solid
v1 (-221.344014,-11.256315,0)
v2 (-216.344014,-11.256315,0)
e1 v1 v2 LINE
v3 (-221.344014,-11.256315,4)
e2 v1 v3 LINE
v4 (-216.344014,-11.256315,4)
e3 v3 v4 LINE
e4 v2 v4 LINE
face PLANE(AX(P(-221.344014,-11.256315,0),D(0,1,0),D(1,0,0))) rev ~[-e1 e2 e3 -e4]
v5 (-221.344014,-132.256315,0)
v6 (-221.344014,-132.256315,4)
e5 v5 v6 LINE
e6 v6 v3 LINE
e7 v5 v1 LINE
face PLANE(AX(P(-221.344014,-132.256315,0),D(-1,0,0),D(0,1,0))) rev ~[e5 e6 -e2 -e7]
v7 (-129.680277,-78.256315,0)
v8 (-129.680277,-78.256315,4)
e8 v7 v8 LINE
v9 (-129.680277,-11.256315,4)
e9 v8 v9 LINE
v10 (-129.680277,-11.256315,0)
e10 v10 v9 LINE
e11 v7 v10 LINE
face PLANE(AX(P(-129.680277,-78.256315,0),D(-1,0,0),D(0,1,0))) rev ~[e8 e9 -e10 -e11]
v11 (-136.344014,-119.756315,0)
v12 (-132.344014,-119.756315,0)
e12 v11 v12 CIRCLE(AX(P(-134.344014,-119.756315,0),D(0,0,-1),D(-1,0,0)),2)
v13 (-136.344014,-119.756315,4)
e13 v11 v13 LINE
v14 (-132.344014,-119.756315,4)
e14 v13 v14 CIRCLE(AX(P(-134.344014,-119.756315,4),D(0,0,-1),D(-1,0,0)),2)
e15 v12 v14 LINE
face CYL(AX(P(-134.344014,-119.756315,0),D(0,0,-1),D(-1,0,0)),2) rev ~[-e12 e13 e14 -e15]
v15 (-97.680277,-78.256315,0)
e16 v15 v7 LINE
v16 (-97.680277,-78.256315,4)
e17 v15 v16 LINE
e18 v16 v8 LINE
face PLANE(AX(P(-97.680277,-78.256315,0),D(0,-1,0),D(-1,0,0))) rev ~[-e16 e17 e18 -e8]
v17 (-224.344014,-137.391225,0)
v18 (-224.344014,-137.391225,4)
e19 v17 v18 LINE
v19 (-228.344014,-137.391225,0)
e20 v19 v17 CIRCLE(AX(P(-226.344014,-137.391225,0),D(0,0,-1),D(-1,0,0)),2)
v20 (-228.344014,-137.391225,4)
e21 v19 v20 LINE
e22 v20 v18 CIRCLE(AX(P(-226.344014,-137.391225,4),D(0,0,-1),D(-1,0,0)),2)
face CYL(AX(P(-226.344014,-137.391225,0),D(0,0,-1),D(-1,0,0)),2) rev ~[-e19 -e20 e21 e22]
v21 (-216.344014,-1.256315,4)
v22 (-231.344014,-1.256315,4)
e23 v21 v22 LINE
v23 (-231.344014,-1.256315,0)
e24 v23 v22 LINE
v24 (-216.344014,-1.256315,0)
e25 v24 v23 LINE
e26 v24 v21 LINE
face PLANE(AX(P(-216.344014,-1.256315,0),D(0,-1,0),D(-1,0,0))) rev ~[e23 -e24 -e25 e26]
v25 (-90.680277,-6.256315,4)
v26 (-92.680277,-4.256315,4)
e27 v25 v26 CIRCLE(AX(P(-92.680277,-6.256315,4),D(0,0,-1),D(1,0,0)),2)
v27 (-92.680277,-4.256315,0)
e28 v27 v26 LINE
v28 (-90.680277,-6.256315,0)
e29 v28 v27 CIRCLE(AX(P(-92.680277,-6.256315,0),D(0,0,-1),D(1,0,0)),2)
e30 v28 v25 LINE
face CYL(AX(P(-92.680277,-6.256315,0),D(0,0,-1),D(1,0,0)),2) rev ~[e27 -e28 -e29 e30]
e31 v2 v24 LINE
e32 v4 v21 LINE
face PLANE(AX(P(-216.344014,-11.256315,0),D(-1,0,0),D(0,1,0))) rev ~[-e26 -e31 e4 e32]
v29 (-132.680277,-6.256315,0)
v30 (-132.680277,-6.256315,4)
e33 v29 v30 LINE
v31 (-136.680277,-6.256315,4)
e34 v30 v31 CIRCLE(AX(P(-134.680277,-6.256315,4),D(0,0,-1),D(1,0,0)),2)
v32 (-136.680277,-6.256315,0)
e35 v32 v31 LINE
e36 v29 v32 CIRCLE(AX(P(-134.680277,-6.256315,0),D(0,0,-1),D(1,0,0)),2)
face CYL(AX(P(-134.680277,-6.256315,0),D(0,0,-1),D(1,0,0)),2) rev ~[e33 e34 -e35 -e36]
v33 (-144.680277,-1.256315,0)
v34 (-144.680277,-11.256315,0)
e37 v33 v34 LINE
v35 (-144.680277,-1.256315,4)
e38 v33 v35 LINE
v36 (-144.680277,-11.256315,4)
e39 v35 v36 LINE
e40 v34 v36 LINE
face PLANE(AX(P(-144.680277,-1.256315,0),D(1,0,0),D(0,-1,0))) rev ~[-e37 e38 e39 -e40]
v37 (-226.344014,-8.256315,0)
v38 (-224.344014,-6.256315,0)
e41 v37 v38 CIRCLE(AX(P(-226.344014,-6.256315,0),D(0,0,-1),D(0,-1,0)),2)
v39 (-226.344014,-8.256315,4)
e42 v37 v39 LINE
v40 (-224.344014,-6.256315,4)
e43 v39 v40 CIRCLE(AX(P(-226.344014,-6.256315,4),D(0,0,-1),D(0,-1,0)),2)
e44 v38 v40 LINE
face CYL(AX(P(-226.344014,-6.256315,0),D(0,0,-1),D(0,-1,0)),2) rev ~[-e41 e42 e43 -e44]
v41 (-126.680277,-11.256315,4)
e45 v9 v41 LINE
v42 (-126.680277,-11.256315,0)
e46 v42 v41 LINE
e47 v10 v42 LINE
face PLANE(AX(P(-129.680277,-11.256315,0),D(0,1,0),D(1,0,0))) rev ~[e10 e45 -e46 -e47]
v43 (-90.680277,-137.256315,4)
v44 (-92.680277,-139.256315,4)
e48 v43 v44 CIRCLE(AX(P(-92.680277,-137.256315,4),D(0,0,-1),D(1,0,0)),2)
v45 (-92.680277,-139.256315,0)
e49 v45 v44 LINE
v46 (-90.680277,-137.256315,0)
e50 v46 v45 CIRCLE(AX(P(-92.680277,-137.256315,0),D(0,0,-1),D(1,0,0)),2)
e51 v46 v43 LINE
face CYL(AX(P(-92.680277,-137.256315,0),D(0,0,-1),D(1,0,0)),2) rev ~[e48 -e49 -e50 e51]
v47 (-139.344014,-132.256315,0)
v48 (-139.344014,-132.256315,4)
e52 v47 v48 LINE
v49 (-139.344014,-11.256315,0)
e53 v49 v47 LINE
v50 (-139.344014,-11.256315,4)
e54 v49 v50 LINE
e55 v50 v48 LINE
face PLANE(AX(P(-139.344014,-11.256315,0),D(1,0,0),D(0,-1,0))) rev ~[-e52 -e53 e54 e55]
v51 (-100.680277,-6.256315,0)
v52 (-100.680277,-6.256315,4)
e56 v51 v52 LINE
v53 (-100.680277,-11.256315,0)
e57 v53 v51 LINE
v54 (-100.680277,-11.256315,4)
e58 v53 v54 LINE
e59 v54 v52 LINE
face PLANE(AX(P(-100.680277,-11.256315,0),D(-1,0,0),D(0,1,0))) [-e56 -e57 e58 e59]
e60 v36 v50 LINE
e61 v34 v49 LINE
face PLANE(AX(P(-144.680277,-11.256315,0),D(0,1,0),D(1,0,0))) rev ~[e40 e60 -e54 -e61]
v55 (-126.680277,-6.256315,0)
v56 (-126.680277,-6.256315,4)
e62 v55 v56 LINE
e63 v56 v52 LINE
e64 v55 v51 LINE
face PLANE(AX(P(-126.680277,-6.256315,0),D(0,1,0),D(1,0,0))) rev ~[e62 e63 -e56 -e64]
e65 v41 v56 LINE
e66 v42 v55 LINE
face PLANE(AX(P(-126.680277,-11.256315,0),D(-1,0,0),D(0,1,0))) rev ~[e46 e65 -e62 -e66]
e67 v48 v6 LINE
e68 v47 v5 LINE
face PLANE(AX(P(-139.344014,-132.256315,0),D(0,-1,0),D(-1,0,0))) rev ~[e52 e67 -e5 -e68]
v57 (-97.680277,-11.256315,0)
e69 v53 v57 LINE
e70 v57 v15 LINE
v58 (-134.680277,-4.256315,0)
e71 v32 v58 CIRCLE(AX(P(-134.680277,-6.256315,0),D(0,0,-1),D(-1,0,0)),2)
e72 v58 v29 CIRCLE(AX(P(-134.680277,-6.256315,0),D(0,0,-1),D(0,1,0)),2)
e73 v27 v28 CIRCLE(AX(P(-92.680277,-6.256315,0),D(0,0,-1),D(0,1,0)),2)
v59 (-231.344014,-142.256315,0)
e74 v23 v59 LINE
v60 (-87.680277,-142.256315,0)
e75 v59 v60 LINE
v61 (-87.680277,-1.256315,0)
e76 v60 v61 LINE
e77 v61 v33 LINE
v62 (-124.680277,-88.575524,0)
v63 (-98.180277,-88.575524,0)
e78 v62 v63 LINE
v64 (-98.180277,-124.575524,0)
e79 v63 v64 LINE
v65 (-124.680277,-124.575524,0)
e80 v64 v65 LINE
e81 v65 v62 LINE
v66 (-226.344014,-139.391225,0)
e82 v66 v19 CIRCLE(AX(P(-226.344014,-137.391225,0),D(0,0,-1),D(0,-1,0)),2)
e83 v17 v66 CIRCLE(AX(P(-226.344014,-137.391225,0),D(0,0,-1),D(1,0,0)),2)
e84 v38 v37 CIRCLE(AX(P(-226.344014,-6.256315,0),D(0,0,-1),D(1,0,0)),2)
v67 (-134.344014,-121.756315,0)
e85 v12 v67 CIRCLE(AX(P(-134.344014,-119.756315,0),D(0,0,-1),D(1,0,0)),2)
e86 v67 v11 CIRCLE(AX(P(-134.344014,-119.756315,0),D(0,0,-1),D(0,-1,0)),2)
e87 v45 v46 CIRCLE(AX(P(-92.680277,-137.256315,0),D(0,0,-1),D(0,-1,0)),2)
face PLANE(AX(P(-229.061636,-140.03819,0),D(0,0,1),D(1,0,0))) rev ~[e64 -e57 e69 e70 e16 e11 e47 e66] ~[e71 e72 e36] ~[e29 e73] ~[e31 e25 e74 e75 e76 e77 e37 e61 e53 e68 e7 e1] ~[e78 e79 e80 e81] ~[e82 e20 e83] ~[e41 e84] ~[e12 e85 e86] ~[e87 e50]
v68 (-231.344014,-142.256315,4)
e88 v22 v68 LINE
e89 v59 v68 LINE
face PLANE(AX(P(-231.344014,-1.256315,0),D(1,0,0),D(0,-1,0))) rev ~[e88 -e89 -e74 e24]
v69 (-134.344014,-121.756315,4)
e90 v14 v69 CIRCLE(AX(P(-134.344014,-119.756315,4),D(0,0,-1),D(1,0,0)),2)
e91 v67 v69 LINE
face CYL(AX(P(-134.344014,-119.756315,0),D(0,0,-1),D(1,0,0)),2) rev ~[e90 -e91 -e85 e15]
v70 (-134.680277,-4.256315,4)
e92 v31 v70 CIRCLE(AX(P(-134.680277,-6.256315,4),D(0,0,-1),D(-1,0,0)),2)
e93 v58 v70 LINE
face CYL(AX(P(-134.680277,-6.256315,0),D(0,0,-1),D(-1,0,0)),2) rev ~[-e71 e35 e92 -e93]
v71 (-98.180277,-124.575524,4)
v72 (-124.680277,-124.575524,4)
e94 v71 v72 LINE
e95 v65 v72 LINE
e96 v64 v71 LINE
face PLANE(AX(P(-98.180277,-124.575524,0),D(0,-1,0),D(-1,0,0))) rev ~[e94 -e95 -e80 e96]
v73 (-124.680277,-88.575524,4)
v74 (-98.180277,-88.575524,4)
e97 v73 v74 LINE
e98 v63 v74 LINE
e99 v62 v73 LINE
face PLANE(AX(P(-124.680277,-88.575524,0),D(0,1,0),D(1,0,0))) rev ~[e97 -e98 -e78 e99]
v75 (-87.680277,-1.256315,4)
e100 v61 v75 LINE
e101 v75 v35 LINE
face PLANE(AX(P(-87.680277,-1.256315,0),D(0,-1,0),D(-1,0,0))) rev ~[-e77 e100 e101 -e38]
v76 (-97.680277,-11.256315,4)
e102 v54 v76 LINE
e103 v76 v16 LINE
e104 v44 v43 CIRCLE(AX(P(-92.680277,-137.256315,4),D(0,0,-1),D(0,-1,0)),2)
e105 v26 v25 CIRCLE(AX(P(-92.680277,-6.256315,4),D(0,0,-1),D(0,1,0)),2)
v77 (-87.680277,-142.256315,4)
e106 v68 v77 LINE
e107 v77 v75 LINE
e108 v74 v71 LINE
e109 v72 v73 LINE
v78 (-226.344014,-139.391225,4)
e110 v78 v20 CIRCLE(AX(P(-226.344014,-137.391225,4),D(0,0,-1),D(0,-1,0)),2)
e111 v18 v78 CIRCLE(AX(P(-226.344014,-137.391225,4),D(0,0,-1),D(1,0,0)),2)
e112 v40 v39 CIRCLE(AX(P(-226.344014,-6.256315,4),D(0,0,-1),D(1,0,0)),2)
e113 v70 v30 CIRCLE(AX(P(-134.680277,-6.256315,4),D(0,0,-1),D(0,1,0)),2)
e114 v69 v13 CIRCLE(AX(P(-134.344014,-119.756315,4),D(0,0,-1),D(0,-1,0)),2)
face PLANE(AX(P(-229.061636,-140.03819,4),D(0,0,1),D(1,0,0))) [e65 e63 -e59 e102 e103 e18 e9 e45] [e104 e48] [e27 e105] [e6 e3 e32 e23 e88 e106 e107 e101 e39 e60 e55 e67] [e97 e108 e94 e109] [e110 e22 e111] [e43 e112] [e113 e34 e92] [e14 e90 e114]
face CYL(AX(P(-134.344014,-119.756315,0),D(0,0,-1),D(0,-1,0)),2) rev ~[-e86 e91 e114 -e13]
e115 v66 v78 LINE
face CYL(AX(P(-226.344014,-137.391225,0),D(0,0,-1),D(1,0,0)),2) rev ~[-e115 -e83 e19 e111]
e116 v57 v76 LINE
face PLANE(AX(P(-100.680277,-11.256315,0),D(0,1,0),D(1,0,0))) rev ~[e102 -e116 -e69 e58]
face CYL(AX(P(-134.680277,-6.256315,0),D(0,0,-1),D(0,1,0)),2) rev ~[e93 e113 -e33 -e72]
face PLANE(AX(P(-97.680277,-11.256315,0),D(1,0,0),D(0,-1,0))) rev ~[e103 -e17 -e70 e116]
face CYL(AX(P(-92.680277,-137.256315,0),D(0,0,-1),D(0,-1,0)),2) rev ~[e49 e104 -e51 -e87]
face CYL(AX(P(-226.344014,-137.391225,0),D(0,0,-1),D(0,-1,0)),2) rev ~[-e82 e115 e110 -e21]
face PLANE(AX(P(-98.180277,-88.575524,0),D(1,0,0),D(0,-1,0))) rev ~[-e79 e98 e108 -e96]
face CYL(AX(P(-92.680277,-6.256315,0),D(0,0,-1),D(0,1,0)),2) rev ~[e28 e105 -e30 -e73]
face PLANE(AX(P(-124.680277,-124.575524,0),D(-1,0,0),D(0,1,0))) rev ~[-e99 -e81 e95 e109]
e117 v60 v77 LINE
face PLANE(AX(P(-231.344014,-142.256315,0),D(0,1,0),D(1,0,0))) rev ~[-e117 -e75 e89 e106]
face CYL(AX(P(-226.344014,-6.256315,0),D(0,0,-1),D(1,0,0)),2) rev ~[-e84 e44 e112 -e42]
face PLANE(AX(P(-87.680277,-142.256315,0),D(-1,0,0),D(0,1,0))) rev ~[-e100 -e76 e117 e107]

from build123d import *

# Parameters (mm, degrees)
F0_W     = 3
F0_H     = 5
F1_DEPTH = 4


with BuildPart() as f1:
    # F0 (on Top) → F1 (new body)
    with BuildSketch(Plane.XY):
        with BuildLine():
            Line((-228.3440142274, -137.3912245035), (-231.3440142274, -137.3912245035))
            Line((-231.3440142274, -137.3912245035), (-231.3440142274, -142.256315279))
            Line((-231.3440142274, -142.256315279), (-226.3440142274, -142.256315279))
            Line((-226.3440142274, -142.256315279), (-226.3440142274, -139.3912245035))
            ThreePointArc((-226.3440142274, -139.3912245035), (-227.7582277898, -138.8054380659), (-228.3440142274, -137.3912245035))
        make_face()
        with BuildLine():
            Line((-87.6802765131, -142.256315279), (-87.6802765131, -137.256315279))
            Line((-87.6802765131, -137.256315279), (-90.6802765131, -137.256315279))
            ThreePointArc((-90.6802765131, -137.256315279), (-91.2660629507, -138.6705288414), (-92.6802765131, -139.256315279))
            Line((-92.6802765131, -139.256315279), (-92.6802765131, -142.256315279))
            Line((-92.6802765131, -142.256315279), (-87.6802765131, -142.256315279))
        make_face()
        with BuildLine():
            Line((-87.6802765131, -1.256315279), (-92.6802765131, -1.256315279))
            Line((-92.6802765131, -1.256315279), (-92.6802765131, -4.256315279))
            ThreePointArc((-92.6802765131, -4.256315279), (-91.2660629507, -4.8421017166), (-90.6802765131, -6.256315279))
            Line((-90.6802765131, -6.256315279), (-87.6802765131, -6.256315279))
            Line((-87.6802765131, -6.256315279), (-87.6802765131, -1.256315279))
        make_face()
        with BuildLine():
            Line((-134.6802765131, -1.256315279), (-139.6802765131, -1.256315279))
            Line((-139.6802765131, -1.256315279), (-139.6802765131, -6.256315279))
            Line((-139.6802765131, -6.256315279), (-136.6802765131, -6.256315279))
            ThreePointArc((-136.6802765131, -6.256315279), (-136.0944900755, -4.8421017166), (-134.6802765131, -4.256315279))
            Line((-134.6802765131, -4.256315279), (-134.6802765131, -1.256315279))
        make_face()
        with BuildLine():
            Line((-221.3440142274, -132.256315279), (-231.3440142274, -132.256315279))
            Line((-231.3440142274, -132.256315279), (-231.3440142274, -137.3912245035))
            Line((-231.3440142274, -137.3912245035), (-228.3440142274, -137.3912245035))
            ThreePointArc((-228.3440142274, -137.3912245035), (-226.3440142274, -135.3912245035), (-224.3440142274, -137.3912245035))
            ThreePointArc((-224.3440142274, -137.3912245035), (-224.929800665, -138.8054380659), (-226.3440142274, -139.3912245035))
            Line((-226.3440142274, -139.3912245035), (-226.3440142274, -142.256315279))
            Line((-226.3440142274, -142.256315279), (-221.3440142274, -142.256315279))
            Line((-221.3440142274, -142.256315279), (-221.3440142274, -132.256315279))
        make_face()
        Polygon((-217.9440142274, -132.256315279), (-221.3440142274, -132.256315279), (-221.3440142274, -142.256315279), (-139.3440142274, -142.256315279), (-139.4949736476, -132.256315279), (-142.7440142274, -132.256315279), (-147.4240142274, -132.256315279), (-151.4240142274, -132.256315279), align=None)
        Polygon((-216.3440142274, -11.256315279), (-216.3440142274, -1.256315279), (-221.3440142274, -1.256315279), (-221.3440142274, -6.256315279), (-221.3440142274, -11.256315279), (-217.9440142274, -11.256315279), align=None)
        Polygon((-139.6802765131, -6.256315279), (-139.6802765131, -1.256315279), (-144.6802765131, -1.256315279), (-144.6802765131, -11.256315279), (-142.7440142274, -11.256315279), (-139.6802765131, -11.256315279), align=None)
        Polygon((-134.3440142274, -124.756315279), (-139.3440142274, -124.756315279), (-139.3440142274, -128.856315279), (-139.3440142274, -132.256315279), (-139.4949736476, -132.256315279), (-139.3440142274, -142.256315279), (-129.6802765131, -142.256315279), (-129.6802765131, -124.756315279), align=None)
        with BuildLine():
            Line((-221.3440142274, -6.256315279), (-221.3440142274, -1.256315279))
            Line((-221.3440142274, -1.256315279), (-231.3440142274, -1.256315279))
            Line((-231.3440142274, -1.256315279), (-231.3440142274, -132.256315279))
            Line((-231.3440142274, -132.256315279), (-221.3440142274, -132.256315279))
            Line((-221.3440142274, -132.256315279), (-221.3440142274, -128.856315279))
            Line((-221.3440142274, -128.856315279), (-221.3440142274, -14.656315279))
            Line((-221.3440142274, -14.656315279), (-221.3440142274, -11.256315279))
            Line((-221.3440142274, -11.256315279), (-226.3440142274, -11.256315279))
            Line((-226.3440142274, -11.256315279), (-226.3440142274, -8.256315279))
            ThreePointArc((-226.3440142274, -8.256315279), (-227.7582277898, -4.8421017166), (-224.3440142274, -6.256315279))
            Line((-224.3440142274, -6.256315279), (-221.3440142274, -6.256315279))
        make_face()
        with BuildLine():
            Line((-129.6802765131, -1.256315279), (-134.6802765131, -1.256315279))
            Line((-134.6802765131, -1.256315279), (-134.6802765131, -4.256315279))
            ThreePointArc((-134.6802765131, -4.256315279), (-133.2660629507, -4.8421017166), (-132.6802765131, -6.256315279))
            ThreePointArc((-132.6802765131, -6.256315279), (-134.6802765131, -8.256315279), (-136.6802765131, -6.256315279))
            Line((-136.6802765131, -6.256315279), (-139.6802765131, -6.256315279))
            Line((-139.6802765131, -6.256315279), (-139.6802765131, -11.256315279))
            Line((-139.6802765131, -11.256315279), (-139.4949736476, -11.256315279))
            Line((-139.4949736476, -11.256315279), (-139.3440142274, -11.256315279))
            Line((-139.3440142274, -11.256315279), (-129.6802765131, -11.256315279))
            Line((-129.6802765131, -11.256315279), (-129.6802765131, -6.256315279))
            Line((-129.6802765131, -6.256315279), (-129.6802765131, -1.256315279))
        make_face()
        with BuildLine():
            Line((-92.6802765131, -1.256315279), (-129.6802765131, -1.256315279))
            Line((-129.6802765131, -1.256315279), (-129.6802765131, -6.256315279))
            Line((-129.6802765131, -6.256315279), (-126.6802765131, -6.256315279))
            Line((-126.6802765131, -6.256315279), (-100.6802765131, -6.256315279))
            Line((-100.6802765131, -6.256315279), (-97.6802765131, -6.256315279))
            Line((-97.6802765131, -6.256315279), (-97.6802765131, -11.256315279))
            Line((-97.6802765131, -11.256315279), (-97.6802765131, -14.596315279))
            Line((-97.6802765131, -14.596315279), (-97.6802765131, -74.916315279))
            Line((-97.6802765131, -74.916315279), (-97.6802765131, -78.256315279))
            Line((-97.6802765131, -78.256315279), (-101.0202765131, -78.256315279))
            Line((-101.0202765131, -78.256315279), (-126.3402765131, -78.256315279))
            Line((-126.3402765131, -78.256315279), (-129.6802765131, -78.256315279))
            Line((-129.6802765131, -78.256315279), (-129.6802765131, -108.756315279))
            Line((-129.6802765131, -108.756315279), (-129.6802765131, -111.756315279))
            Line((-129.6802765131, -111.756315279), (-129.6802765131, -114.756315279))
            Line((-129.6802765131, -114.756315279), (-129.6802765131, -124.756315279))
            Line((-129.6802765131, -124.756315279), (-129.6802765131, -142.256315279))
            Line((-129.6802765131, -142.256315279), (-92.6802765131, -142.256315279))
            Line((-92.6802765131, -142.256315279), (-92.6802765131, -139.256315279))
            ThreePointArc((-92.6802765131, -139.256315279), (-94.0944900755, -135.8421017166), (-90.6802765131, -137.256315279))
            Line((-90.6802765131, -137.256315279), (-87.6802765131, -137.256315279))
            Line((-87.6802765131, -137.256315279), (-87.6802765131, -6.256315279))
            Line((-87.6802765131, -6.256315279), (-90.6802765131, -6.256315279))
            ThreePointArc((-90.6802765131, -6.256315279), (-94.0944900755, -7.6705288414), (-92.6802765131, -4.256315279))
            Line((-92.6802765131, -4.256315279), (-92.6802765131, -1.256315279))
        make_face()
        Polygon((-98.1802765131, -124.5755243927), (-124.6802765131, -124.5755243927), (-124.6802765131, -90.2755243927), (-124.6802765131, -88.5755243927), (-122.9802765131, -88.5755243927), (-99.8802765131, -88.5755243927), (-98.1802765131, -88.5755243927), (-98.1802765131, -90.2755243927), align=None, mode=Mode.SUBTRACT)
        Polygon((-129.6802765131, -14.056315279), (-129.6802765131, -11.256315279), (-139.3440142274, -11.256315279), (-139.3440142274, -14.656315279), (-139.3440142274, -114.756315279), (-129.6802765131, -114.756315279), (-129.6802765131, -111.756315279), (-129.6802765131, -108.756315279), (-129.6802765131, -78.256315279), (-129.6802765131, -74.916315279), (-129.6802765131, -27.956315279), (-129.6802765131, -27.456315279), (-129.6802765131, -14.596315279), align=None)
        with BuildLine():
            Line((-139.3440142274, -119.756315279), (-139.3440142274, -124.756315279))
            Line((-139.3440142274, -124.756315279), (-134.3440142274, -124.756315279))
            Line((-134.3440142274, -124.756315279), (-134.3440142274, -121.756315279))
            ThreePointArc((-134.3440142274, -121.756315279), (-135.7582277898, -121.1705288414), (-136.3440142274, -119.756315279))
            Line((-136.3440142274, -119.756315279), (-139.3440142274, -119.756315279))
        make_face()
        with BuildLine():
            Line((-129.6802765131, -114.756315279), (-139.3440142274, -114.756315279))
            Line((-139.3440142274, -114.756315279), (-139.3440142274, -119.756315279))
            Line((-139.3440142274, -119.756315279), (-136.3440142274, -119.756315279))
            ThreePointArc((-136.3440142274, -119.756315279), (-134.3440142274, -117.756315279), (-132.3440142274, -119.756315279))
            ThreePointArc((-132.3440142274, -119.756315279), (-132.929800665, -121.1705288414), (-134.3440142274, -121.756315279))
            Line((-134.3440142274, -121.756315279), (-134.3440142274, -124.756315279))
            Line((-134.3440142274, -124.756315279), (-129.6802765131, -124.756315279))
            Line((-129.6802765131, -124.756315279), (-129.6802765131, -114.756315279))
        make_face()
        with BuildLine():
            Line((-221.3440142274, -11.256315279), (-221.3440142274, -6.256315279))
            Line((-221.3440142274, -6.256315279), (-224.3440142274, -6.256315279))
            ThreePointArc((-224.3440142274, -6.256315279), (-224.929800665, -7.6705288414), (-226.3440142274, -8.256315279))
            Line((-226.3440142274, -8.256315279), (-226.3440142274, -11.256315279))
            Line((-226.3440142274, -11.256315279), (-221.3440142274, -11.256315279))
        make_face()
        Polygon((-126.6802765131, -6.256315279), (-129.6802765131, -6.256315279), (-129.6802765131, -11.256315279), (-126.8802765131, -11.256315279), (-126.6802765131, -11.256315279), align=None)
        with Locations((-99.1802765131, -8.756315279)):
            Rectangle(F0_W, F0_H)
    extrude(amount=F1_DEPTH)


solid = f1.part
